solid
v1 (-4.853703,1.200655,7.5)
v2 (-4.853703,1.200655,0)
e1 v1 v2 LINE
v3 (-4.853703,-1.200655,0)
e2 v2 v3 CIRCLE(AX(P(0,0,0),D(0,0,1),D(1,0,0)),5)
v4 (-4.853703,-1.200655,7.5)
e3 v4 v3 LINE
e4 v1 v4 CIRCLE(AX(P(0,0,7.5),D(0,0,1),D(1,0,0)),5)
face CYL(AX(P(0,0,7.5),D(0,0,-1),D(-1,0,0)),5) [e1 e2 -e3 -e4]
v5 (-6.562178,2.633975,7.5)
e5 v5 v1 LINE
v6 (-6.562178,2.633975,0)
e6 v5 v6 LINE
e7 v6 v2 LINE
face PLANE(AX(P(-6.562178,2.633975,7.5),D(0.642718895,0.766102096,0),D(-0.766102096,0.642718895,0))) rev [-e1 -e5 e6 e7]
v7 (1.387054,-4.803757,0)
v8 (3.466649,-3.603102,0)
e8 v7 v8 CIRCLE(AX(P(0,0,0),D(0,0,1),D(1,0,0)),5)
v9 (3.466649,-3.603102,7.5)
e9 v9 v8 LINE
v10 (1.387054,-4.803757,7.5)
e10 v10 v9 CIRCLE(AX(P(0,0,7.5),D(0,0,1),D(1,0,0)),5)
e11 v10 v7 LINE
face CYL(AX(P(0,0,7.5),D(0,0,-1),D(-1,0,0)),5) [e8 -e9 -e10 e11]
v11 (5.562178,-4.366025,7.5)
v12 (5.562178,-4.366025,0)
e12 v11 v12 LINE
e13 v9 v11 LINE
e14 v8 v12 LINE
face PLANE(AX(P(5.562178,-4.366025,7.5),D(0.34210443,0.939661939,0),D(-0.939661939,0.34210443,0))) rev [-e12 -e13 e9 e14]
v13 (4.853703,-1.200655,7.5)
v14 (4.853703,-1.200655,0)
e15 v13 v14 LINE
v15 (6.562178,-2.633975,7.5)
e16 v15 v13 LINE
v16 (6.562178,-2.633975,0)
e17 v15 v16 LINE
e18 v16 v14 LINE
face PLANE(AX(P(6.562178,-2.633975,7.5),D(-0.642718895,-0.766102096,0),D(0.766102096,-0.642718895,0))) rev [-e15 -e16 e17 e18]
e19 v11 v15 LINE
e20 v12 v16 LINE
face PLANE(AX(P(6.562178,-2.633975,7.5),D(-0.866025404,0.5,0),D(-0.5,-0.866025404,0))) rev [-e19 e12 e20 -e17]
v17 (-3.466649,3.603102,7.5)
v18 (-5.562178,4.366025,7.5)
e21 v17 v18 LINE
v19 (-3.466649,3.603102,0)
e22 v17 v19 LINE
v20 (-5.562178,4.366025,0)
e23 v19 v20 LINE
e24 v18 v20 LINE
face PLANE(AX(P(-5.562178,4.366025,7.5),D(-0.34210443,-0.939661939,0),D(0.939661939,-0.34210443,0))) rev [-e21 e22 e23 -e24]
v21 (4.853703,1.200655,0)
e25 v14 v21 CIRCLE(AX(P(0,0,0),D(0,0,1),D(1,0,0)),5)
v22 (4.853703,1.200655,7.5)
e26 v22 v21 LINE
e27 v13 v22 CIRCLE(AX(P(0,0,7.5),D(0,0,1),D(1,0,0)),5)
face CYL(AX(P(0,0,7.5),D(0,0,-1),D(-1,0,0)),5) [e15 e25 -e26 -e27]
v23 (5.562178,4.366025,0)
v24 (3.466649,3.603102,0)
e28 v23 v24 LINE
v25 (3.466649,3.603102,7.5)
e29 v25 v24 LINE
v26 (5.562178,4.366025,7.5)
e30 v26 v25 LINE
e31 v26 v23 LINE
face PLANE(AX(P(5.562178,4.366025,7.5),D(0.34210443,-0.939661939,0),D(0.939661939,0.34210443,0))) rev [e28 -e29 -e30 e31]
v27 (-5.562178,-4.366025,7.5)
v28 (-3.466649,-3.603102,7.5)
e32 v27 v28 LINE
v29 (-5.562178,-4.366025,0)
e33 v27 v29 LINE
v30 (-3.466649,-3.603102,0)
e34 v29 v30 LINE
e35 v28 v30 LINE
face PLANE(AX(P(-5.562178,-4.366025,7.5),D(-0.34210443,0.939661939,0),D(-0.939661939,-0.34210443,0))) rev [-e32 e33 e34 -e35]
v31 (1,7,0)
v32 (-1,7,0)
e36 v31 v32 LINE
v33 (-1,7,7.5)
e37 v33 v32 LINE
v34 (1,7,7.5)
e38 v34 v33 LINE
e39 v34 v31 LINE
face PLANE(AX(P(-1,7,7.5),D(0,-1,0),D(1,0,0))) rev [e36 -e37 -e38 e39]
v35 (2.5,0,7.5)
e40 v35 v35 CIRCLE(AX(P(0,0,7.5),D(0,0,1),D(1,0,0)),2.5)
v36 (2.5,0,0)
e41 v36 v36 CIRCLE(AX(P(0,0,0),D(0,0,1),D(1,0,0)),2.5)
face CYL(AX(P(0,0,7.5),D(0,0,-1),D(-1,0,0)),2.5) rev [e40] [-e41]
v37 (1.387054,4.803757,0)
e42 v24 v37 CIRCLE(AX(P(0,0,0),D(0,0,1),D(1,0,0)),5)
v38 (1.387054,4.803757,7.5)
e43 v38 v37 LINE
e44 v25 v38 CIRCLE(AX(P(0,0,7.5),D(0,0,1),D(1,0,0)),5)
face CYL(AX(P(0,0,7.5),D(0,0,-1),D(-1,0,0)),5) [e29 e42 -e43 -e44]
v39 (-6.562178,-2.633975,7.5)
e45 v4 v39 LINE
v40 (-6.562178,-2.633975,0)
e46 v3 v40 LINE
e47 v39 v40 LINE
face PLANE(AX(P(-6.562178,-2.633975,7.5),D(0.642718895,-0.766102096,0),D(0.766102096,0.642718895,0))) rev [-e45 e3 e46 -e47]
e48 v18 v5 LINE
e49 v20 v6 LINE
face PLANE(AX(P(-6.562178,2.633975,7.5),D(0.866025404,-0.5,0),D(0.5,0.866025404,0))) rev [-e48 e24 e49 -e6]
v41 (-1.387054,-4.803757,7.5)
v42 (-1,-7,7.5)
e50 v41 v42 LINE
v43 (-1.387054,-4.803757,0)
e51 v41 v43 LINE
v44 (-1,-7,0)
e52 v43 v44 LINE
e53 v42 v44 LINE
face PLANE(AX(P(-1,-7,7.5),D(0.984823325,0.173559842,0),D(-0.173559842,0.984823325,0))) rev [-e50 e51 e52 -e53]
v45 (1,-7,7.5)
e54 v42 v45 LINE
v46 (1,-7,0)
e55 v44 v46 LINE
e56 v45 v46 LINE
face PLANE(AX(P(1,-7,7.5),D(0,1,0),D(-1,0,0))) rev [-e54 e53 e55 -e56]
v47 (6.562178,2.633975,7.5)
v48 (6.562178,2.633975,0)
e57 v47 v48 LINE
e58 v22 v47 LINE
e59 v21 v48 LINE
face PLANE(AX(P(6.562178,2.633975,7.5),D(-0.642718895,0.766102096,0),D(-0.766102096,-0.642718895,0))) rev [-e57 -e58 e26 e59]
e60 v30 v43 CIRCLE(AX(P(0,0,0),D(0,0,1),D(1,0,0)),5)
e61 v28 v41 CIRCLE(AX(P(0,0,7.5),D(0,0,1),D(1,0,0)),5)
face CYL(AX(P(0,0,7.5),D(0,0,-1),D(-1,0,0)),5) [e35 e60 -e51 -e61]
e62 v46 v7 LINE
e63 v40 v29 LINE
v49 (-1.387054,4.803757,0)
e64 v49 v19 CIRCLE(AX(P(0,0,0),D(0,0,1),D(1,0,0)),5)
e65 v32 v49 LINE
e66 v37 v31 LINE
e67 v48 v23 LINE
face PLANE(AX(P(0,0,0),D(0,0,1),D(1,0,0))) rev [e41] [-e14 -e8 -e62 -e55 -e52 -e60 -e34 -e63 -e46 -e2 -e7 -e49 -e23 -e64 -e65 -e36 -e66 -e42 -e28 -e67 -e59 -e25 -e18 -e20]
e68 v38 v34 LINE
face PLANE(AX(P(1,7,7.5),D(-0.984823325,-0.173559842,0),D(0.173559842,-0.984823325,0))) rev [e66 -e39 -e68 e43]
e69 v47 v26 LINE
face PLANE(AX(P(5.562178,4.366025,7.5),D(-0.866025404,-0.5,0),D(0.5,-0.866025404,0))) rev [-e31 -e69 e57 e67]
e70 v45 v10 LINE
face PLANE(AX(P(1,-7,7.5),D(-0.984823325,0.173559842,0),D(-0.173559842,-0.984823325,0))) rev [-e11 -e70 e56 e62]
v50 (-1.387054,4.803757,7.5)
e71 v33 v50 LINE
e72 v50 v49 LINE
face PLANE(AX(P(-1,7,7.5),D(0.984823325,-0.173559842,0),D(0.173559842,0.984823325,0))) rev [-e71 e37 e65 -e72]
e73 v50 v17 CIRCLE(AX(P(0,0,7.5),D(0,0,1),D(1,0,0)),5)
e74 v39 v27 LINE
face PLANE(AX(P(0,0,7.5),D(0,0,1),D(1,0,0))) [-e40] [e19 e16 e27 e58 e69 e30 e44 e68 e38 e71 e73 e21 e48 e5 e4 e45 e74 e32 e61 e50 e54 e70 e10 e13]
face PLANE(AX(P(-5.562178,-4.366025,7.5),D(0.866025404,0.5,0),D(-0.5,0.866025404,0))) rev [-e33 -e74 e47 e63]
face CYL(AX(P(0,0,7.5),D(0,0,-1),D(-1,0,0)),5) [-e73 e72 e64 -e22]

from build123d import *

# Parameters (mm, degrees)
CROQUIS1_R              = 2.5
SALIENTE_EXTRUIR5_DEPTH = 7.5


with BuildPart() as part:
    # Croquis1 → Saliente-Extruir5 (new body)
    with BuildSketch(Plane.XY):
        with BuildLine():
            Line((-1, 7), (1, 7))
            Line((1, 7), (1.387053768, 4.803757055))
            ThreePointArc((1.387053768, 4.803757055), (2.5, 4.330127019), (3.466648759, 3.603102327))
            Line((3.466648759, 3.603102327), (5.562177826, 4.366025404))
            Line((5.562177826, 4.366025404), (6.562177826, 2.633974596))
            Line((6.562177826, 2.633974596), (4.853702527, 1.200654728))
            ThreePointArc((4.853702527, 1.200654728), (5, 0), (4.853702527, -1.200654728))
            Line((4.853702527, -1.200654728), (6.562177826, -2.633974596))
            Line((6.562177826, -2.633974596), (5.562177826, -4.366025404))
            Line((5.562177826, -4.366025404), (3.466648759, -3.603102327))
            ThreePointArc((3.466648759, -3.603102327), (2.5, -4.330127019), (1.387053768, -4.803757055))
            Line((1.387053768, -4.803757055), (1, -7))
            Line((1, -7), (-1, -7))
            Line((-1, -7), (-1.387053768, -4.803757055))
            ThreePointArc((-1.387053768, -4.803757055), (-2.5, -4.330127019), (-3.466648759, -3.603102327))
            Line((-3.466648759, -3.603102327), (-5.562177826, -4.366025404))
            Line((-5.562177826, -4.366025404), (-6.562177826, -2.633974596))
            Line((-6.562177826, -2.633974596), (-4.853702527, -1.200654728))
            ThreePointArc((-4.853702527, -1.200654728), (-5, 0), (-4.853702527, 1.200654728))
            Line((-4.853702527, 1.200654728), (-6.562177826, 2.633974596))
            Line((-6.562177826, 2.633974596), (-5.562177826, 4.366025404))
            Line((-5.562177826, 4.366025404), (-3.466648759, 3.603102327))
            ThreePointArc((-3.466648759, 3.603102327), (-2.5, 4.330127019), (-1.387053768, 4.803757055))
            Line((-1.387053768, 4.803757055), (-1, 7))
        make_face()
        Circle(CROQUIS1_R, mode=Mode.SUBTRACT)
    extrude(amount=SALIENTE_EXTRUIR5_DEPTH)


solid = part.part
